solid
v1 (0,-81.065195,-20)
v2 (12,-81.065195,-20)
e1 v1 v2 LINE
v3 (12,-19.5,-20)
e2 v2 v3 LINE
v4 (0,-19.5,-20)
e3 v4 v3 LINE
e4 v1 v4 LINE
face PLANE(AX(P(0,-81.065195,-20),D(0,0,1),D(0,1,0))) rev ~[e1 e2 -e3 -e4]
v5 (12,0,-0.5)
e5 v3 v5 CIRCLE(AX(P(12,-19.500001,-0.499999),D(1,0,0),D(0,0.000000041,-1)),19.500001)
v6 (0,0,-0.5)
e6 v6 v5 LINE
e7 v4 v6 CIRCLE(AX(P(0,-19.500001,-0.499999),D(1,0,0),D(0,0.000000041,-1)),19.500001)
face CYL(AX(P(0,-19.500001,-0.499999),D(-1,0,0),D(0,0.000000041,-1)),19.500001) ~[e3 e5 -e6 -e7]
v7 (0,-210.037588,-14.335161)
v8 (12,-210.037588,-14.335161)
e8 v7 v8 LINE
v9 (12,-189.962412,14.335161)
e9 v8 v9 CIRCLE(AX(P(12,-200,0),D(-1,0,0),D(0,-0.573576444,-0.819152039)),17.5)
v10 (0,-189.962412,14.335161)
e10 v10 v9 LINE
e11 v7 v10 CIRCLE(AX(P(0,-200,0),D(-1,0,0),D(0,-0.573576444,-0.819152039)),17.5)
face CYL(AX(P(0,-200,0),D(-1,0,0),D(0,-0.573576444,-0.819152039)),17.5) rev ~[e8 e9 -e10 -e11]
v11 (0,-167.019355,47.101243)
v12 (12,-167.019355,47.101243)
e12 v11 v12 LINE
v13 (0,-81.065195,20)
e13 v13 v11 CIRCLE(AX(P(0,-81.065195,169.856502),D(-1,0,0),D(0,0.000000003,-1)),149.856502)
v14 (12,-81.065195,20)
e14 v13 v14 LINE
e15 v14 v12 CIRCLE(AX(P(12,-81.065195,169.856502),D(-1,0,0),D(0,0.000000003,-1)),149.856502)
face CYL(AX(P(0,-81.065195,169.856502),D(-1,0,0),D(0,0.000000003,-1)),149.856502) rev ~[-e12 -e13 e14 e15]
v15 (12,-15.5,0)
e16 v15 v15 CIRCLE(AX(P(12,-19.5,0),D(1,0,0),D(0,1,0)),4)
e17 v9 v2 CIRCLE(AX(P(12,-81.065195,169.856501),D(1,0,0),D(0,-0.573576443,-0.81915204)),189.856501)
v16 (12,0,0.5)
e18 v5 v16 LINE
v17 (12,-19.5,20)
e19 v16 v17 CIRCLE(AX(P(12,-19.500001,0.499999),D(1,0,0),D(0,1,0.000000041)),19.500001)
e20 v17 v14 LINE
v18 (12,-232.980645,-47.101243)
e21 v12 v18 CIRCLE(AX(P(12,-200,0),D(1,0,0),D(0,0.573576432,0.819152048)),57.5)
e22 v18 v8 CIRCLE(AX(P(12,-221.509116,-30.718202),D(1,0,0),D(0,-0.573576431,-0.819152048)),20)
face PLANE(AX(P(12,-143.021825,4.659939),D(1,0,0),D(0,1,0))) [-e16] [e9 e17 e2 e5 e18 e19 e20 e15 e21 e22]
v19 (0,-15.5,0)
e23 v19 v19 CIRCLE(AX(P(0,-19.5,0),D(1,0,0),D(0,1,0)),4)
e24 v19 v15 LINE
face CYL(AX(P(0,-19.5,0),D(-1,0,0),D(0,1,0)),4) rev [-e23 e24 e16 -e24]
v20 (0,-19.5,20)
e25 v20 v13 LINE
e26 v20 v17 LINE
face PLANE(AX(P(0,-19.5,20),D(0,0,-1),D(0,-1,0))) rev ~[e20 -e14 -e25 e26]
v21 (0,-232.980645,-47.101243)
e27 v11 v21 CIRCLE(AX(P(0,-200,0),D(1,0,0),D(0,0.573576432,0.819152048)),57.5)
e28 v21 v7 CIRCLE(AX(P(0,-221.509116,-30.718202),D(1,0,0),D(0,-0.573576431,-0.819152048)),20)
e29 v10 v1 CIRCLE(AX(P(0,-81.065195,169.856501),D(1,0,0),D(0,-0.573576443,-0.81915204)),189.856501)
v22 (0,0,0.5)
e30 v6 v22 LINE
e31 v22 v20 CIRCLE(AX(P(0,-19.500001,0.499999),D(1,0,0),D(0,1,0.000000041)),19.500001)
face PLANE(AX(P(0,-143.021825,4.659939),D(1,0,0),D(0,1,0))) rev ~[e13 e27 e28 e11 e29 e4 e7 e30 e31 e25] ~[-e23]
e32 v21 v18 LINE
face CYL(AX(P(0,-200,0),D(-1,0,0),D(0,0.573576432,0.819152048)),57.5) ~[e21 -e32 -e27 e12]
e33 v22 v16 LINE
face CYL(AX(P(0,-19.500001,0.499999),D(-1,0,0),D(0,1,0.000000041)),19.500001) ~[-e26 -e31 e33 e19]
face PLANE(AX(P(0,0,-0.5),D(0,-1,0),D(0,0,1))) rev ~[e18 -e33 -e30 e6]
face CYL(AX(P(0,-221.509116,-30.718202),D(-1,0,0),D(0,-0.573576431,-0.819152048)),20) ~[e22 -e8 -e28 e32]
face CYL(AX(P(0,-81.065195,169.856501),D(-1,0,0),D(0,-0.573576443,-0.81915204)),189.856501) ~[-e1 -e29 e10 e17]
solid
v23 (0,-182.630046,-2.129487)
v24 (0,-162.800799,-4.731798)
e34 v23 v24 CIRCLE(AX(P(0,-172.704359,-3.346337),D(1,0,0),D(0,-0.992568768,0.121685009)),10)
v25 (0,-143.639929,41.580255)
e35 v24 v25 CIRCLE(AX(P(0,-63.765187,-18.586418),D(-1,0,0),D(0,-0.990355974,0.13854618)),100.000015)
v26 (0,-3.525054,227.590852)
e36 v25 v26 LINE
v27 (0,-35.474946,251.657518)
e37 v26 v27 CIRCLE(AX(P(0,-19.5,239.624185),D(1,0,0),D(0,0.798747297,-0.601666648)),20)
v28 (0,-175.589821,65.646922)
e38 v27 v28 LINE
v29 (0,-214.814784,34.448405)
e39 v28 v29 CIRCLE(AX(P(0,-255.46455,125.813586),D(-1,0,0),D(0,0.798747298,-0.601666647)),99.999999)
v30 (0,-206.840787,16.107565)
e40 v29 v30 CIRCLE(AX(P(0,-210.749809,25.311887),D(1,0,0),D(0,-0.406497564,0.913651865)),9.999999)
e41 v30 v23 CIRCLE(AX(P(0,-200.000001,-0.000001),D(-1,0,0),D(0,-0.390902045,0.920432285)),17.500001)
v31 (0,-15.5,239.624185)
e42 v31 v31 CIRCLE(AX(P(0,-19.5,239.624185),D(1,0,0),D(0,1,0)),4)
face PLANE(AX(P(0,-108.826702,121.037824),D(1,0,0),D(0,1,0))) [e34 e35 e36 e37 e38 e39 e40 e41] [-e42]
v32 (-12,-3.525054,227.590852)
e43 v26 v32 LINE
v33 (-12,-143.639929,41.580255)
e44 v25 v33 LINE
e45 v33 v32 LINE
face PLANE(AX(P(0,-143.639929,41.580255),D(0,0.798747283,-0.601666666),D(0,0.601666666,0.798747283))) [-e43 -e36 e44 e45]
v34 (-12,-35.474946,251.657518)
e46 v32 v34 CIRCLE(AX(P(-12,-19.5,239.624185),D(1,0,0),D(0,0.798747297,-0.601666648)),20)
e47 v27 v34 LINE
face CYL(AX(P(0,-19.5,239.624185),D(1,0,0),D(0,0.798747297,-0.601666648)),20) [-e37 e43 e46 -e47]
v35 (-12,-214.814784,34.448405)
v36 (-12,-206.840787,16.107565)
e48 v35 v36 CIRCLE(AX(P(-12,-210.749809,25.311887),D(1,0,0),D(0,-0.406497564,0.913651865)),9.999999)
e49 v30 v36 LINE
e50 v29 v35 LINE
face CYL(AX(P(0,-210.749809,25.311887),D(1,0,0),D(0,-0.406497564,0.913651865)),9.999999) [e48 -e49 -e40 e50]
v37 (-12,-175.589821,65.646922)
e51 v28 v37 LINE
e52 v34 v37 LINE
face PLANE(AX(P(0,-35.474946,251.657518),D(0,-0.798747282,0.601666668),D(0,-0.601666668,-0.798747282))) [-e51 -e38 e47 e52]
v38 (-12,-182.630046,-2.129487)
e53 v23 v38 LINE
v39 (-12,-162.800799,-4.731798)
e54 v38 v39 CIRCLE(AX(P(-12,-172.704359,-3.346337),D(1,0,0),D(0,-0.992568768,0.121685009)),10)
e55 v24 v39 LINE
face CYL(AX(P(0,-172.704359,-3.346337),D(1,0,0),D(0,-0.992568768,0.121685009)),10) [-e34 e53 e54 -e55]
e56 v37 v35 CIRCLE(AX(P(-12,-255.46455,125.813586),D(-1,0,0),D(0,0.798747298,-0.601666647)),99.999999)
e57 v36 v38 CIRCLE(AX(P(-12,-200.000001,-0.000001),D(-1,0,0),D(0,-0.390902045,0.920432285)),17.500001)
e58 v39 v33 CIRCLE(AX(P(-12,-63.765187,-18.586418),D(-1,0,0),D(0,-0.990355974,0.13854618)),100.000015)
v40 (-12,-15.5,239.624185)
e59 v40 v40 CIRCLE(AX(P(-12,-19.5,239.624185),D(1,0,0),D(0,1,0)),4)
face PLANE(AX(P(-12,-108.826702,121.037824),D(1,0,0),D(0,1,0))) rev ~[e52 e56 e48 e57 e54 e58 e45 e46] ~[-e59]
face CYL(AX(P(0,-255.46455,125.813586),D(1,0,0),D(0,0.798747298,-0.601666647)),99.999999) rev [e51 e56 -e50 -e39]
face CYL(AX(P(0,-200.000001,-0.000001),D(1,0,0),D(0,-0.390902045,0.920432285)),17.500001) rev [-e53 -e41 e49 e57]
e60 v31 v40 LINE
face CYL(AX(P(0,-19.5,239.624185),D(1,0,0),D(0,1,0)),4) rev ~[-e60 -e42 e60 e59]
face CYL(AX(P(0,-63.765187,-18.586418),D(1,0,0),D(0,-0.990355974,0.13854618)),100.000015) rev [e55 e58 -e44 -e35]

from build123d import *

# Parameters (mm, degrees)
F0_R     = 4
F1_DEPTH = 12
F2_R     = 4
F3_DEPTH = 12


with BuildPart() as f1:
    # F0 (on Right) → F1 (new body)
    with BuildSketch(Plane.YZ):
        with BuildLine():
            ThreePointArc((-210.037588, -14.335161), (-214.335161, 10.037588), (-189.962412, 14.335161))
            ThreePointArc((-189.962412, 14.335161), (-138.156147, -11.212862), (-81.065195, -20))
            Line((-81.065195, -20), (-19.5, -20))
            ThreePointArc((-19.5, -20), (-5.711418, -14.288582), (0, -0.5))
            Line((0, -0.5), (0, 0.5))
            ThreePointArc((0, 0.5), (-5.711418, 14.288582), (-19.5, 20))
            Line((-19.5, 20), (-81.065195, 20))
            ThreePointArc((-81.065195, 20), (-126.127915, 26.935816), (-167.019355, 47.101243))
            ThreePointArc((-167.019355, 47.101243), (-247.101243, 32.980645), (-232.980645, -47.101243))
            ThreePointArc((-232.980645, -47.101243), (-205.126075, -42.18973), (-210.037588, -14.335161))
        make_face()
        with Locations((-19.5, 0)):
            Circle(F0_R, mode=Mode.SUBTRACT)
    extrude(amount=F1_DEPTH)


with BuildPart() as f3:
    # F2 (on Right) → F3 (new body)
    with BuildSketch(Plane.YZ):
        with BuildLine():
            ThreePointArc((-206.840787, 16.107565), (-189.470833, 13.978077), (-182.630046, -2.129487))
            ThreePointArc((-182.630046, -2.129487), (-174.005561, -13.261319), (-162.800799, -4.731798))
            ThreePointArc((-162.800799, -4.731798), (-156.168814, 19.644102), (-143.639929, 41.580255))
            Line((-143.639929, 41.580255), (-3.525054, 227.590852))
            ThreePointArc((-3.525054, 227.590852), (-7.466667, 255.599131), (-35.474946, 251.657518))
            Line((-35.474946, 251.657518), (-175.589821, 65.646922))
            ThreePointArc((-175.589821, 65.646922), (-193.216053, 47.550412), (-214.814784, 34.448405))
            ThreePointArc((-214.814784, 34.448405), (-219.92056, 21.324744), (-206.840787, 16.107565))
        make_face()
        with Locations((-19.5, 239.624185)):
            Circle(F2_R, mode=Mode.SUBTRACT)
    extrude(amount=-F3_DEPTH)


solid = Compound([f1.part, f3.part])
